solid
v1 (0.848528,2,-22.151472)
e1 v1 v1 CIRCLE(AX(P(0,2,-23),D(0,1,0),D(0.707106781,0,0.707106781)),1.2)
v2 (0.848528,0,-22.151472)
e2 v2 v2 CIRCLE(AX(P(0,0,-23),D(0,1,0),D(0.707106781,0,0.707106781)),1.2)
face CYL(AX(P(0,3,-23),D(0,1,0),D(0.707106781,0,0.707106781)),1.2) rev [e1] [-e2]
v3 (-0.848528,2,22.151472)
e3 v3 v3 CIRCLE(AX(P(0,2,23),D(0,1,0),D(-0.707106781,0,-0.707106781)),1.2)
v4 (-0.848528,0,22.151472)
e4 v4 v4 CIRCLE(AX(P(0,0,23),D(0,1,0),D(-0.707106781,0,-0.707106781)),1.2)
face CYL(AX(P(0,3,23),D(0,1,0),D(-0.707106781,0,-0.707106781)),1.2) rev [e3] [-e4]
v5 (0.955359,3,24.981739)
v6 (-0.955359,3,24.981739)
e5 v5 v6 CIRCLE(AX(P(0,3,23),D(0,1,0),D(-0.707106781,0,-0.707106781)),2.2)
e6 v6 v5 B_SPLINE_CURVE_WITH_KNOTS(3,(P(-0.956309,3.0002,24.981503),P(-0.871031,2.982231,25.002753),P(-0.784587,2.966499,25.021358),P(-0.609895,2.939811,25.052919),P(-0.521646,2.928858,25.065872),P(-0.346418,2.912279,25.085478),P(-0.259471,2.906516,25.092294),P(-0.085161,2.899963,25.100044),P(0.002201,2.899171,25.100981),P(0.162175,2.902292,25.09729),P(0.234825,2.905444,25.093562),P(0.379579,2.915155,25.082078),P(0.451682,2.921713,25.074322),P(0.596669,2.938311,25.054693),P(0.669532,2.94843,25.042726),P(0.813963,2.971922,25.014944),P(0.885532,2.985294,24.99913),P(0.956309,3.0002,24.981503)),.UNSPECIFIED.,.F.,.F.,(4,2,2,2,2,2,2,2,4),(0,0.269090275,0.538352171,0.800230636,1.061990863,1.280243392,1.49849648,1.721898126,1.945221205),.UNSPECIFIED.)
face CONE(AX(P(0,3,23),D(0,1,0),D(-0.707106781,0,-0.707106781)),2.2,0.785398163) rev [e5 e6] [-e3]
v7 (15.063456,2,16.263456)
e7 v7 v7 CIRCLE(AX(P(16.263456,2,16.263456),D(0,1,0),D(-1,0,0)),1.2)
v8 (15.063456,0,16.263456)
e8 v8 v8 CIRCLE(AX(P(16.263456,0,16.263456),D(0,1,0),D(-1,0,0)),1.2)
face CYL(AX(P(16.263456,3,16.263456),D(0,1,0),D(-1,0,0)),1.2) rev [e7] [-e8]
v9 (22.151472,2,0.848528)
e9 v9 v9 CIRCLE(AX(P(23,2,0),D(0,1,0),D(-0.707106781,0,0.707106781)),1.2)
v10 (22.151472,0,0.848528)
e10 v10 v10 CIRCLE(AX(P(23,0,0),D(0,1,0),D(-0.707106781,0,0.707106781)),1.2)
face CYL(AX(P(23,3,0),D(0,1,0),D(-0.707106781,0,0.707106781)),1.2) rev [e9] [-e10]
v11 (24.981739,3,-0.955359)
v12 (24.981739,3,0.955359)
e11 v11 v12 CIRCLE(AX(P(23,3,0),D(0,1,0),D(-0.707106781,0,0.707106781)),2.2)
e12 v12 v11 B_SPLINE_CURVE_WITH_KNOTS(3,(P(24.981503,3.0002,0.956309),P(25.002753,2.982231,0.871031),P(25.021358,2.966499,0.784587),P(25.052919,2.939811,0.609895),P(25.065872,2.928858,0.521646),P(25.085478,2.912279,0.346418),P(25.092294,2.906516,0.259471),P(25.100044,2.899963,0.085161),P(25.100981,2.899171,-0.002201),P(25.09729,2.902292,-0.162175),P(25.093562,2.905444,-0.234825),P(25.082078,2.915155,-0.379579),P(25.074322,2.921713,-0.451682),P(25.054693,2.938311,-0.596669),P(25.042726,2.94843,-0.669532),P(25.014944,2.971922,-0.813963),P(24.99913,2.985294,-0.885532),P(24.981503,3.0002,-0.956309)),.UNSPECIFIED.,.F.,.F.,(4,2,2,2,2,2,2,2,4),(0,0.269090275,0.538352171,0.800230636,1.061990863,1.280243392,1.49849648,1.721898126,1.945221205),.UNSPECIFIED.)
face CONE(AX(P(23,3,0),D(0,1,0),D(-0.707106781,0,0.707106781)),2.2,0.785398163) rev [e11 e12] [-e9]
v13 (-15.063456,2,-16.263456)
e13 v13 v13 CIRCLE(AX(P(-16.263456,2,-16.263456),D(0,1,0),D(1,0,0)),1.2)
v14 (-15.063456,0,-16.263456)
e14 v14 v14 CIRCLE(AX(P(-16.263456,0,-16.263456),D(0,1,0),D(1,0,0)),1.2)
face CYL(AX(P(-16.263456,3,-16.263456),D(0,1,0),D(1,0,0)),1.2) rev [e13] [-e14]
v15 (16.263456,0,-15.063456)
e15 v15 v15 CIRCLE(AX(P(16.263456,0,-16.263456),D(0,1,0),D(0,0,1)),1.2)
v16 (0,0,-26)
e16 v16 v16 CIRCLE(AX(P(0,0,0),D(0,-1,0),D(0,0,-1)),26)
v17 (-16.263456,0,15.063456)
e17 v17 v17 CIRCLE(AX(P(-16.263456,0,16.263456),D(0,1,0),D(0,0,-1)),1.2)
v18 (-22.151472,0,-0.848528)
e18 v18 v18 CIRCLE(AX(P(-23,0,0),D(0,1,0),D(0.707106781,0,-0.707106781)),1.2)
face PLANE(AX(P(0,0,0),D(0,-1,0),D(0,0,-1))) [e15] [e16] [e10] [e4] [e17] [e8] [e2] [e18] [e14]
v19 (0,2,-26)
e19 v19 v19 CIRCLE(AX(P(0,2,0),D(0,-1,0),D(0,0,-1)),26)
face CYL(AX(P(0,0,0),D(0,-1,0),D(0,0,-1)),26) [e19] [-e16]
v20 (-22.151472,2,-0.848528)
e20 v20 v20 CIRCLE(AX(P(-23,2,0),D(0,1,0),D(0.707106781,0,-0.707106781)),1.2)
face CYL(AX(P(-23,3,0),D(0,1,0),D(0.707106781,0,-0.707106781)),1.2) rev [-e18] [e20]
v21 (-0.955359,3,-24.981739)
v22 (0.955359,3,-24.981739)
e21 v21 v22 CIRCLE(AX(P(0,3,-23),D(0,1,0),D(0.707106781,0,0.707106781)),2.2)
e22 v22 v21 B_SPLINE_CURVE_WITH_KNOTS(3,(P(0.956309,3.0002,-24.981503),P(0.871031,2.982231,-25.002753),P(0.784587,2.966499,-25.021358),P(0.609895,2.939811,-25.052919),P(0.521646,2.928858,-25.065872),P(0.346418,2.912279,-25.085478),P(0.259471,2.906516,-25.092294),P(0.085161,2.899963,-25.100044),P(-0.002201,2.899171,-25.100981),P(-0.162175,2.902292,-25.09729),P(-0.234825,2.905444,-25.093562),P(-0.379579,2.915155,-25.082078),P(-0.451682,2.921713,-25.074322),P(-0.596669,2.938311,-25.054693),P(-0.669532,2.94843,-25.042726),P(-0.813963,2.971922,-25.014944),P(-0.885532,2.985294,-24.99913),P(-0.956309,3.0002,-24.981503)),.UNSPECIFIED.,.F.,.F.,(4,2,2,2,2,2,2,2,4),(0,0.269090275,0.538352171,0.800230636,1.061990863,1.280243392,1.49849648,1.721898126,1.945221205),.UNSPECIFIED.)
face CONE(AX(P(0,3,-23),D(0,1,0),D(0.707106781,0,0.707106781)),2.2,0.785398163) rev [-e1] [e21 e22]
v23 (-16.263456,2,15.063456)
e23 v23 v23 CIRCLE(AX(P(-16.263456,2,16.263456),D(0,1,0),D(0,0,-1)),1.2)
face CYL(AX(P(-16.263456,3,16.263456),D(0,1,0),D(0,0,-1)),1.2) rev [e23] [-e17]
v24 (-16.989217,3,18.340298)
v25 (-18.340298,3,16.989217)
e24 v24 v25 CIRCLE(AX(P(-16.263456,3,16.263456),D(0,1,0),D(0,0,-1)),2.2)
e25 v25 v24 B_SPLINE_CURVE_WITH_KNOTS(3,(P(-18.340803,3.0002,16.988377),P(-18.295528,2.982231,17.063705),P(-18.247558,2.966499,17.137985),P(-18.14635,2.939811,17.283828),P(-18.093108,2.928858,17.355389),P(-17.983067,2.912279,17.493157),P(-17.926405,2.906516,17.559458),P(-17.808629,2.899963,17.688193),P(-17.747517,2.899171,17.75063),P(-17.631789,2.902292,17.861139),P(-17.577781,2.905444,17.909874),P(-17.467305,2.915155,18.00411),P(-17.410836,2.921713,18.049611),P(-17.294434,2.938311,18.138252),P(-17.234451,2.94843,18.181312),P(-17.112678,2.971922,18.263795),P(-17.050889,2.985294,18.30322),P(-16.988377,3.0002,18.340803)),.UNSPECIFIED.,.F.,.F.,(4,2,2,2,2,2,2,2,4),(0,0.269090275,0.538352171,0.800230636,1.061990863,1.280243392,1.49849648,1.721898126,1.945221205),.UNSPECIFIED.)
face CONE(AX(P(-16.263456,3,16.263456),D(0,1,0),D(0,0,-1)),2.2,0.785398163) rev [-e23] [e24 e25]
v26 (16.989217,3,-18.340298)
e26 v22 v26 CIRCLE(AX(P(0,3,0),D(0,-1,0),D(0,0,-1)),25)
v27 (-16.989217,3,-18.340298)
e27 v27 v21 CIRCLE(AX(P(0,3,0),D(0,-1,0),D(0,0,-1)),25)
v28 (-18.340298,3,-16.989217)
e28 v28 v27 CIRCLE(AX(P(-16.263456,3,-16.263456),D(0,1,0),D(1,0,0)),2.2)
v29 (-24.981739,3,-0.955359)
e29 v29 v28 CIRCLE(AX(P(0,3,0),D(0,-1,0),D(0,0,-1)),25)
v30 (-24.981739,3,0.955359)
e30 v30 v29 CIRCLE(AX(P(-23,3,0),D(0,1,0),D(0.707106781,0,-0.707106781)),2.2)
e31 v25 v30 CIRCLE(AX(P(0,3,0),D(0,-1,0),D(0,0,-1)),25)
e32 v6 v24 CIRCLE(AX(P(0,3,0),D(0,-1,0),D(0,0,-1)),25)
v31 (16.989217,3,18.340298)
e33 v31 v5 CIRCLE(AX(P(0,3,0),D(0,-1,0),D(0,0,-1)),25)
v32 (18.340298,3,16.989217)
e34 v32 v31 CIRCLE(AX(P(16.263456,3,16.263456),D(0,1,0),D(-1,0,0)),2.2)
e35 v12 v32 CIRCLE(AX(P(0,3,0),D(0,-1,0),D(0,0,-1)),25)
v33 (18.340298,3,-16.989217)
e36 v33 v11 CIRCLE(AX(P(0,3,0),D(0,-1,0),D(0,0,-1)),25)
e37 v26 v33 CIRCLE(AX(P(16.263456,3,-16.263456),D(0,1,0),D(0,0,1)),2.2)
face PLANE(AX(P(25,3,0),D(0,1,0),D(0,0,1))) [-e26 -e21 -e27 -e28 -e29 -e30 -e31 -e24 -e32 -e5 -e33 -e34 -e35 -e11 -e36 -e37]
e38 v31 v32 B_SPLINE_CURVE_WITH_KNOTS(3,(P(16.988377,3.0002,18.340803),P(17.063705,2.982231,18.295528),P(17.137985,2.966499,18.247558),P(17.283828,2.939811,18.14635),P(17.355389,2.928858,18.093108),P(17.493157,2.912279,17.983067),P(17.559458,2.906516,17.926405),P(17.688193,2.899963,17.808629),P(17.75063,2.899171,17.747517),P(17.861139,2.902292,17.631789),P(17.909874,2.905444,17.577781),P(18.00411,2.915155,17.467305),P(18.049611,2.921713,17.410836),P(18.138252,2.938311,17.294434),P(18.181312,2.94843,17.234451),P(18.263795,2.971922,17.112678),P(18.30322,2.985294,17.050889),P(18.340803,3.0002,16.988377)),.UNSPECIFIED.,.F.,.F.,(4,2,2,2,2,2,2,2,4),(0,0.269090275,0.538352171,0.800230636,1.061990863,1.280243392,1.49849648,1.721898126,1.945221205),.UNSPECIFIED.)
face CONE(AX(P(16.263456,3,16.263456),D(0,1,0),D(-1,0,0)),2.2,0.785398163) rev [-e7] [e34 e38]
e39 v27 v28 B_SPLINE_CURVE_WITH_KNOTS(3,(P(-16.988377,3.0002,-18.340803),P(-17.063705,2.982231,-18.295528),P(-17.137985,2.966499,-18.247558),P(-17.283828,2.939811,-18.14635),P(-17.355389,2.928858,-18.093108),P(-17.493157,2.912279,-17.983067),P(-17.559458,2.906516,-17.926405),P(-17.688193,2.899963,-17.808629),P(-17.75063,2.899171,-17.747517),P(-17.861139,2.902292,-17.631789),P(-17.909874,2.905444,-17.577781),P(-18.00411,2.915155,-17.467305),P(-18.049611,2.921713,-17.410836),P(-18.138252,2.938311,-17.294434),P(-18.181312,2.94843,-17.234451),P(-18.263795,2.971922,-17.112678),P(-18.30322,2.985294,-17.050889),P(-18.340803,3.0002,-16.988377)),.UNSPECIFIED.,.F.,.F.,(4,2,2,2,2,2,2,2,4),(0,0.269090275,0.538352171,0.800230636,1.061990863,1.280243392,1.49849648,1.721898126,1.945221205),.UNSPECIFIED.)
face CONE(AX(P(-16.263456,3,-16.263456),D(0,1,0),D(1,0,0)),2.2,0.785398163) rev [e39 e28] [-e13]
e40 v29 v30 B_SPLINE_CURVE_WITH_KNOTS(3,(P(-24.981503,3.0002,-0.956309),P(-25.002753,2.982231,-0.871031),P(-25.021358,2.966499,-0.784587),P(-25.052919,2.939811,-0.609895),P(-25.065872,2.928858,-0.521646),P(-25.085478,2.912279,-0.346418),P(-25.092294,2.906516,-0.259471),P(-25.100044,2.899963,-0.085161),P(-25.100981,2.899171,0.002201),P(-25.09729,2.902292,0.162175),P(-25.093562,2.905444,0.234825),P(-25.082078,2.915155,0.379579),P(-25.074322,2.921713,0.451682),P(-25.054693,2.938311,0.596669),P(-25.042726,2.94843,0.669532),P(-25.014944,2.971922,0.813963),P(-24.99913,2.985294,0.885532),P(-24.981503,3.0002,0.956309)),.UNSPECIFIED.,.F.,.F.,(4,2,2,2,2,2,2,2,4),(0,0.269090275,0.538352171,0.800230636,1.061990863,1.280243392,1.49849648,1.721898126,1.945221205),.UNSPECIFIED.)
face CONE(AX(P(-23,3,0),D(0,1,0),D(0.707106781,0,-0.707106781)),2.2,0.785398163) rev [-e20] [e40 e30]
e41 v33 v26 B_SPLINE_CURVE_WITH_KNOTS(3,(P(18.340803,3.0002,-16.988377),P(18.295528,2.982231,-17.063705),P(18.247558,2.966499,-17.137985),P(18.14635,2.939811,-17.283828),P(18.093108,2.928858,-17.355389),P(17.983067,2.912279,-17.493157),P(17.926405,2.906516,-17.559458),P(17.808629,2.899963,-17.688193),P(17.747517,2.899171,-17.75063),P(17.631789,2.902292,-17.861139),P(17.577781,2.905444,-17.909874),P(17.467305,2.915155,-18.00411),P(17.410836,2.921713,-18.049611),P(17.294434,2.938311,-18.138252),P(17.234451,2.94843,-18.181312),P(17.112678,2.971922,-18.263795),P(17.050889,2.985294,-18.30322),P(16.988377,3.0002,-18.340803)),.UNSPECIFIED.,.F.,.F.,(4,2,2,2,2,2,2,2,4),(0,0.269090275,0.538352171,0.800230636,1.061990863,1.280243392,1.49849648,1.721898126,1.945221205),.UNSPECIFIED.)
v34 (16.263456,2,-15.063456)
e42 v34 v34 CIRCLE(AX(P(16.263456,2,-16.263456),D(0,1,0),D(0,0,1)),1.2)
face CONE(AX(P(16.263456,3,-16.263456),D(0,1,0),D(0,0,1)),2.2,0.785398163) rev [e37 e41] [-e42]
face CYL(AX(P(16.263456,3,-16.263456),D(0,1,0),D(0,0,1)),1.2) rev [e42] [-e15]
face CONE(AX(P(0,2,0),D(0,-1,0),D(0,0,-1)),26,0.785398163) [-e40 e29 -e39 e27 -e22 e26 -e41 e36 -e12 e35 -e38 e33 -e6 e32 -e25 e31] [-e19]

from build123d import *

# Parameters (mm, degrees)
HOLE_WIZARD_M21_D           = 2.4
HOLE_WIZARD_M21_CSINK_D     = 4.4
HOLE_WIZARD_M21_CSINK_ANGLE = 90
PATTERN_CIRCULAR_1_COUNT    = 8


with BuildPart() as part:
    # Эскиз1 → Повернуть1 (revolve)
    with BuildSketch(Plane.XY, mode=Mode.PRIVATE) as revolve_1_sk:
        Polygon((0, 0), (26, 0), (26, 2), (25, 3), (0, 3), align=None)
    revolve(revolve_1_sk.sketch.rotate(Axis((0, 0, 0), (0, 1, 0)), 90), axis=Axis((0, 0, 0), (0, 1, 0)))

    # Зенковка для винта с потайной головкой M21 (through all)
    with Locations(Plane(origin=(0, 3, 0), x_dir=(1, 0, 0), z_dir=(0, 1, 0))):
        with Locations((16.263455967, 16.263455967)):
            hole_wizard_m21 = CounterSinkHole(HOLE_WIZARD_M21_D / 2, HOLE_WIZARD_M21_CSINK_D / 2, counter_sink_angle=HOLE_WIZARD_M21_CSINK_ANGLE)

    # Круговой массив1: Зенковка для винта с потайной головкой M21 ×8 about axis
    pattern_circular_1_axis = Axis((0, 0, 0), (0, 1, 0))
    for i in range(1, PATTERN_CIRCULAR_1_COUNT):
        add(hole_wizard_m21.rotate(pattern_circular_1_axis, i * 360 / PATTERN_CIRCULAR_1_COUNT), mode=Mode.SUBTRACT)


solid = part.part
